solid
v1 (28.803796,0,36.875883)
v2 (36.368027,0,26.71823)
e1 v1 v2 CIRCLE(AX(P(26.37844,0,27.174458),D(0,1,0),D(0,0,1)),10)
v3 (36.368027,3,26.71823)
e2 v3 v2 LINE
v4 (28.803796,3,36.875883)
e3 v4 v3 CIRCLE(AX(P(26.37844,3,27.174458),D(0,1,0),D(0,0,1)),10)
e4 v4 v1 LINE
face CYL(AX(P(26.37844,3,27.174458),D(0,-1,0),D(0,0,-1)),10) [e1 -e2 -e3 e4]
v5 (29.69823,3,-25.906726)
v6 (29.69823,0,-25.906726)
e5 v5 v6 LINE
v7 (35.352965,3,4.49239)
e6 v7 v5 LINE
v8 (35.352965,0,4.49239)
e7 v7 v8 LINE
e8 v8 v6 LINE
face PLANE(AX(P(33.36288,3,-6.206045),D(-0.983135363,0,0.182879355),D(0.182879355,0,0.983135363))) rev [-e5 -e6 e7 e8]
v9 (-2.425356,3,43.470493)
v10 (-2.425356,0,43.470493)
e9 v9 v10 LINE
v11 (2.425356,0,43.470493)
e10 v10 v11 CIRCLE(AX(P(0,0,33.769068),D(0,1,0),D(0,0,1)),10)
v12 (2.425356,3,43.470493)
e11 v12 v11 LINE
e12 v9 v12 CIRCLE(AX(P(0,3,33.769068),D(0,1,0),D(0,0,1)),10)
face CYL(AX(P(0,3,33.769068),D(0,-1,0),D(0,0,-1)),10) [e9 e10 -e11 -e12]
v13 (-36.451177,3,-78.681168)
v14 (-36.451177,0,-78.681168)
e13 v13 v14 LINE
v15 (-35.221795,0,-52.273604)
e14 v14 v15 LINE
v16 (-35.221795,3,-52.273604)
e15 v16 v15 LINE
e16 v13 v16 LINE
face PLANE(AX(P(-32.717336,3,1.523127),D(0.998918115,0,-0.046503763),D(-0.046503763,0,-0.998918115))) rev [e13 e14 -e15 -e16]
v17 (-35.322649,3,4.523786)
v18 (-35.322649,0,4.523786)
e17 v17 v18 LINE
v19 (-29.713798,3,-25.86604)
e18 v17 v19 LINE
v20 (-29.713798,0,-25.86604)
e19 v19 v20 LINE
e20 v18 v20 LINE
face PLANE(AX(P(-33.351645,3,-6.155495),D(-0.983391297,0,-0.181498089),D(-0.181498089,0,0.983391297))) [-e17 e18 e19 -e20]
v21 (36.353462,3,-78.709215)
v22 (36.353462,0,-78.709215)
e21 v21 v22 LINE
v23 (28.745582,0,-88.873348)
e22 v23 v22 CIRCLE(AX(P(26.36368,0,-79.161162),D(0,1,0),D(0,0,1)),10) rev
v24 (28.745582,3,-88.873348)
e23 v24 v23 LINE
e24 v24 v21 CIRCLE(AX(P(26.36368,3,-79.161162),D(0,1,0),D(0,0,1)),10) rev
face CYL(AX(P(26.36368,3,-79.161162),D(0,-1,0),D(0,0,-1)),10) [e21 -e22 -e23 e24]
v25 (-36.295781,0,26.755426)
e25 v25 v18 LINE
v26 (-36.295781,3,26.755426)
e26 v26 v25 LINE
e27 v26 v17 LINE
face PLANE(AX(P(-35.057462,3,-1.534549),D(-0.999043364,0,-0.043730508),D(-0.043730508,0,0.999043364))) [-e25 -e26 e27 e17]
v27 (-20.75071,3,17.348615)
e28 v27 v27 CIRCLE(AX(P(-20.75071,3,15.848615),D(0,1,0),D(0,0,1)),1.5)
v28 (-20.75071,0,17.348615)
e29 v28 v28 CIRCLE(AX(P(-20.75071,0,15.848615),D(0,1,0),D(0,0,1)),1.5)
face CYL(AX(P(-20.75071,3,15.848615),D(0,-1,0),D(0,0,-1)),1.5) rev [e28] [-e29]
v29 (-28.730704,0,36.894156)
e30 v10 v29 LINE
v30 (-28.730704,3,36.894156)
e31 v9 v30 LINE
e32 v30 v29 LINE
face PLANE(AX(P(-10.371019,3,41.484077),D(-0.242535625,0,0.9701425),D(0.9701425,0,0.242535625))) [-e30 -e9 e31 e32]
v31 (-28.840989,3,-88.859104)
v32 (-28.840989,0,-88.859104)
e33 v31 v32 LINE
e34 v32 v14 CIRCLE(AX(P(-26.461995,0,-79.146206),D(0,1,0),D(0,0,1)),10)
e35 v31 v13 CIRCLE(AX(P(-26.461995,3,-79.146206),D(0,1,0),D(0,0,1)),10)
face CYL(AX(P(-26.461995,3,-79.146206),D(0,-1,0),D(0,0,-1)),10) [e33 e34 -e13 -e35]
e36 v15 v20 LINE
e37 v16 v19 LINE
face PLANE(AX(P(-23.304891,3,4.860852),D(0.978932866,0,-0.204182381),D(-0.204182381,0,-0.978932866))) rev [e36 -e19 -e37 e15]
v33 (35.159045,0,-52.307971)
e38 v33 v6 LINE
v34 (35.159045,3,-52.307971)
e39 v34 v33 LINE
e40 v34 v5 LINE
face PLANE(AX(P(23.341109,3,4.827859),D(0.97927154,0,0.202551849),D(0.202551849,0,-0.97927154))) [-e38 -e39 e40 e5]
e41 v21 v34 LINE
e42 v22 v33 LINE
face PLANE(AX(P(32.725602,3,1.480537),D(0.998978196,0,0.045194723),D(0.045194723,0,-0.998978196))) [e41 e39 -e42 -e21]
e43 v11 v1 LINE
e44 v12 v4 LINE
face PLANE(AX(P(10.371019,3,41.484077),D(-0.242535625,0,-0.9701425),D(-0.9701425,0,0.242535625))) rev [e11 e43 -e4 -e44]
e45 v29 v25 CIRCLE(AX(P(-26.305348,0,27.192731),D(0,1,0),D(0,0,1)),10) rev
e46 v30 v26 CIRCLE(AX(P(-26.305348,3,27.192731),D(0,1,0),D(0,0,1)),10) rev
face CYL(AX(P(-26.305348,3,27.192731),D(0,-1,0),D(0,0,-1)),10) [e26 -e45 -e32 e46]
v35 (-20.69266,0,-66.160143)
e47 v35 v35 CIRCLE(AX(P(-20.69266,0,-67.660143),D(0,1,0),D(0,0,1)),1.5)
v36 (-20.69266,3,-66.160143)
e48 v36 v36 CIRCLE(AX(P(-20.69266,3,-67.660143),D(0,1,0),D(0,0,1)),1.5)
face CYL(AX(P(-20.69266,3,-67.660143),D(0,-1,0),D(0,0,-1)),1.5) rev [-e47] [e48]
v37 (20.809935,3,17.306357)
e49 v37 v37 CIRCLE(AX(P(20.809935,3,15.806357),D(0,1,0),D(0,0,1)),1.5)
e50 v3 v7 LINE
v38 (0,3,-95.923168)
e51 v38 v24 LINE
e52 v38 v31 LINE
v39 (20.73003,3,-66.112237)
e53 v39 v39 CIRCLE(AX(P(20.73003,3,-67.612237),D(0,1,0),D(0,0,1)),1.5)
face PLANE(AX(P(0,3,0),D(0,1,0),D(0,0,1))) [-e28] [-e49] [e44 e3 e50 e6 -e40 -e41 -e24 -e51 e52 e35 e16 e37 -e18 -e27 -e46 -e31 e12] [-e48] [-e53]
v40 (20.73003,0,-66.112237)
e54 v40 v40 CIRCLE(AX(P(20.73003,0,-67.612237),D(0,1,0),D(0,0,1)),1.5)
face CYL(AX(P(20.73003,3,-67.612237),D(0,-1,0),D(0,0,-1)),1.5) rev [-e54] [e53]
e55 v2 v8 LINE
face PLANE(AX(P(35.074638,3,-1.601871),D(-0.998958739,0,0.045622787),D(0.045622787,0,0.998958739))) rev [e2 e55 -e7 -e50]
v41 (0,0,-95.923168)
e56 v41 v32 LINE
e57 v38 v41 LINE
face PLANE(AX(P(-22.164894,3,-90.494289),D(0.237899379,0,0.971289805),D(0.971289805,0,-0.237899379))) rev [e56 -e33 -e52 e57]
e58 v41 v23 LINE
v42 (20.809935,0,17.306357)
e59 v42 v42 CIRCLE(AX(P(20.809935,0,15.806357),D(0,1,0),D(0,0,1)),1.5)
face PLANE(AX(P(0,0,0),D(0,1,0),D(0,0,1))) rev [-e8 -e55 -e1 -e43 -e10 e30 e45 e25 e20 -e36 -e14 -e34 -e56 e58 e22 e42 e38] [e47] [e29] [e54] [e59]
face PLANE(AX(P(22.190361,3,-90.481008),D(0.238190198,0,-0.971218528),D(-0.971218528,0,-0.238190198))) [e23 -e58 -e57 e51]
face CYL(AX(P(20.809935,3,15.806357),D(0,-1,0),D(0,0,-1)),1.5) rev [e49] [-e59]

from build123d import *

# Parameters (mm, degrees)
CROQUIS1_R              = 1.5
SALIENTE_EXTRUIR1_DEPTH = 3


with BuildPart() as part:
    # Croquis1 → Saliente-Extruir1 (new body)
    with BuildSketch(Plane(origin=(0, 0, 0), x_dir=(1, 0, 0), z_dir=(0, 1, 0))):
        with BuildLine():
            Line((-35.322649353, -4.523785763), (-29.713798408, 25.866039525))
            Line((-29.713798408, 25.866039525), (-35.221795469, 52.273603799))
            Line((-35.221795469, 52.273603799), (-36.45117663, 78.681168073))
            ThreePointArc((-36.45117663, 78.681168073), (-34.470773885, 85.134483293), (-28.840989272, 88.859103754))
            Line((-28.840989272, 88.859103754), (0, 95.923167849))
            Line((0, 95.923167849), (28.745582144, 88.873347738))
            ThreePointArc((28.745582144, 88.873347738), (34.369430491, 85.153487685), (36.353462125, 78.709215227))
            Line((36.353462125, 78.709215227), (35.159044734, 52.307970662))
            Line((35.159044734, 52.307970662), (29.69822954, 25.906726097))
            Line((29.69822954, 25.906726097), (35.352965357, -4.492390106))
            Line((35.352965357, -4.492390106), (36.368027066, -26.718230301))
            ThreePointArc((36.368027066, -26.718230301), (34.398862632, -33.147130574), (28.803795931, -36.875883169))
            Line((28.803795931, -36.875883169), (2.42535625, -43.470493089))
            ThreePointArc((2.42535625, -43.470493089), (0, -43.769068087), (-2.42535625, -43.470493089))
            Line((-2.42535625, -43.470493089), (-28.730703822, -36.894156196))
            ThreePointArc((-28.730703822, -36.894156196), (-34.320110297, -33.172996946), (-36.295781209, -26.755426116))
            Line((-36.295781209, -26.755426116), (-35.322649353, -4.523785763))
        make_face()
        with Locations(Location((-20.692659667, 67.660143415, 0), (0, 0, 270))):
            Circle(CROQUIS1_R, mode=Mode.SUBTRACT)
        with Locations(Location((20.730030015, 67.612237294, 0), (0, 0, 270))):
            Circle(CROQUIS1_R, mode=Mode.SUBTRACT)
        with Locations(Location((-20.750709845, -15.848615277, 0), (0, 0, 270))):
            Circle(CROQUIS1_R, mode=Mode.SUBTRACT)
        with Locations(Location((20.809934934, -15.806357426, 0), (0, 0, 270))):
            Circle(CROQUIS1_R, mode=Mode.SUBTRACT)
    extrude(amount=SALIENTE_EXTRUIR1_DEPTH)


solid = part.part
